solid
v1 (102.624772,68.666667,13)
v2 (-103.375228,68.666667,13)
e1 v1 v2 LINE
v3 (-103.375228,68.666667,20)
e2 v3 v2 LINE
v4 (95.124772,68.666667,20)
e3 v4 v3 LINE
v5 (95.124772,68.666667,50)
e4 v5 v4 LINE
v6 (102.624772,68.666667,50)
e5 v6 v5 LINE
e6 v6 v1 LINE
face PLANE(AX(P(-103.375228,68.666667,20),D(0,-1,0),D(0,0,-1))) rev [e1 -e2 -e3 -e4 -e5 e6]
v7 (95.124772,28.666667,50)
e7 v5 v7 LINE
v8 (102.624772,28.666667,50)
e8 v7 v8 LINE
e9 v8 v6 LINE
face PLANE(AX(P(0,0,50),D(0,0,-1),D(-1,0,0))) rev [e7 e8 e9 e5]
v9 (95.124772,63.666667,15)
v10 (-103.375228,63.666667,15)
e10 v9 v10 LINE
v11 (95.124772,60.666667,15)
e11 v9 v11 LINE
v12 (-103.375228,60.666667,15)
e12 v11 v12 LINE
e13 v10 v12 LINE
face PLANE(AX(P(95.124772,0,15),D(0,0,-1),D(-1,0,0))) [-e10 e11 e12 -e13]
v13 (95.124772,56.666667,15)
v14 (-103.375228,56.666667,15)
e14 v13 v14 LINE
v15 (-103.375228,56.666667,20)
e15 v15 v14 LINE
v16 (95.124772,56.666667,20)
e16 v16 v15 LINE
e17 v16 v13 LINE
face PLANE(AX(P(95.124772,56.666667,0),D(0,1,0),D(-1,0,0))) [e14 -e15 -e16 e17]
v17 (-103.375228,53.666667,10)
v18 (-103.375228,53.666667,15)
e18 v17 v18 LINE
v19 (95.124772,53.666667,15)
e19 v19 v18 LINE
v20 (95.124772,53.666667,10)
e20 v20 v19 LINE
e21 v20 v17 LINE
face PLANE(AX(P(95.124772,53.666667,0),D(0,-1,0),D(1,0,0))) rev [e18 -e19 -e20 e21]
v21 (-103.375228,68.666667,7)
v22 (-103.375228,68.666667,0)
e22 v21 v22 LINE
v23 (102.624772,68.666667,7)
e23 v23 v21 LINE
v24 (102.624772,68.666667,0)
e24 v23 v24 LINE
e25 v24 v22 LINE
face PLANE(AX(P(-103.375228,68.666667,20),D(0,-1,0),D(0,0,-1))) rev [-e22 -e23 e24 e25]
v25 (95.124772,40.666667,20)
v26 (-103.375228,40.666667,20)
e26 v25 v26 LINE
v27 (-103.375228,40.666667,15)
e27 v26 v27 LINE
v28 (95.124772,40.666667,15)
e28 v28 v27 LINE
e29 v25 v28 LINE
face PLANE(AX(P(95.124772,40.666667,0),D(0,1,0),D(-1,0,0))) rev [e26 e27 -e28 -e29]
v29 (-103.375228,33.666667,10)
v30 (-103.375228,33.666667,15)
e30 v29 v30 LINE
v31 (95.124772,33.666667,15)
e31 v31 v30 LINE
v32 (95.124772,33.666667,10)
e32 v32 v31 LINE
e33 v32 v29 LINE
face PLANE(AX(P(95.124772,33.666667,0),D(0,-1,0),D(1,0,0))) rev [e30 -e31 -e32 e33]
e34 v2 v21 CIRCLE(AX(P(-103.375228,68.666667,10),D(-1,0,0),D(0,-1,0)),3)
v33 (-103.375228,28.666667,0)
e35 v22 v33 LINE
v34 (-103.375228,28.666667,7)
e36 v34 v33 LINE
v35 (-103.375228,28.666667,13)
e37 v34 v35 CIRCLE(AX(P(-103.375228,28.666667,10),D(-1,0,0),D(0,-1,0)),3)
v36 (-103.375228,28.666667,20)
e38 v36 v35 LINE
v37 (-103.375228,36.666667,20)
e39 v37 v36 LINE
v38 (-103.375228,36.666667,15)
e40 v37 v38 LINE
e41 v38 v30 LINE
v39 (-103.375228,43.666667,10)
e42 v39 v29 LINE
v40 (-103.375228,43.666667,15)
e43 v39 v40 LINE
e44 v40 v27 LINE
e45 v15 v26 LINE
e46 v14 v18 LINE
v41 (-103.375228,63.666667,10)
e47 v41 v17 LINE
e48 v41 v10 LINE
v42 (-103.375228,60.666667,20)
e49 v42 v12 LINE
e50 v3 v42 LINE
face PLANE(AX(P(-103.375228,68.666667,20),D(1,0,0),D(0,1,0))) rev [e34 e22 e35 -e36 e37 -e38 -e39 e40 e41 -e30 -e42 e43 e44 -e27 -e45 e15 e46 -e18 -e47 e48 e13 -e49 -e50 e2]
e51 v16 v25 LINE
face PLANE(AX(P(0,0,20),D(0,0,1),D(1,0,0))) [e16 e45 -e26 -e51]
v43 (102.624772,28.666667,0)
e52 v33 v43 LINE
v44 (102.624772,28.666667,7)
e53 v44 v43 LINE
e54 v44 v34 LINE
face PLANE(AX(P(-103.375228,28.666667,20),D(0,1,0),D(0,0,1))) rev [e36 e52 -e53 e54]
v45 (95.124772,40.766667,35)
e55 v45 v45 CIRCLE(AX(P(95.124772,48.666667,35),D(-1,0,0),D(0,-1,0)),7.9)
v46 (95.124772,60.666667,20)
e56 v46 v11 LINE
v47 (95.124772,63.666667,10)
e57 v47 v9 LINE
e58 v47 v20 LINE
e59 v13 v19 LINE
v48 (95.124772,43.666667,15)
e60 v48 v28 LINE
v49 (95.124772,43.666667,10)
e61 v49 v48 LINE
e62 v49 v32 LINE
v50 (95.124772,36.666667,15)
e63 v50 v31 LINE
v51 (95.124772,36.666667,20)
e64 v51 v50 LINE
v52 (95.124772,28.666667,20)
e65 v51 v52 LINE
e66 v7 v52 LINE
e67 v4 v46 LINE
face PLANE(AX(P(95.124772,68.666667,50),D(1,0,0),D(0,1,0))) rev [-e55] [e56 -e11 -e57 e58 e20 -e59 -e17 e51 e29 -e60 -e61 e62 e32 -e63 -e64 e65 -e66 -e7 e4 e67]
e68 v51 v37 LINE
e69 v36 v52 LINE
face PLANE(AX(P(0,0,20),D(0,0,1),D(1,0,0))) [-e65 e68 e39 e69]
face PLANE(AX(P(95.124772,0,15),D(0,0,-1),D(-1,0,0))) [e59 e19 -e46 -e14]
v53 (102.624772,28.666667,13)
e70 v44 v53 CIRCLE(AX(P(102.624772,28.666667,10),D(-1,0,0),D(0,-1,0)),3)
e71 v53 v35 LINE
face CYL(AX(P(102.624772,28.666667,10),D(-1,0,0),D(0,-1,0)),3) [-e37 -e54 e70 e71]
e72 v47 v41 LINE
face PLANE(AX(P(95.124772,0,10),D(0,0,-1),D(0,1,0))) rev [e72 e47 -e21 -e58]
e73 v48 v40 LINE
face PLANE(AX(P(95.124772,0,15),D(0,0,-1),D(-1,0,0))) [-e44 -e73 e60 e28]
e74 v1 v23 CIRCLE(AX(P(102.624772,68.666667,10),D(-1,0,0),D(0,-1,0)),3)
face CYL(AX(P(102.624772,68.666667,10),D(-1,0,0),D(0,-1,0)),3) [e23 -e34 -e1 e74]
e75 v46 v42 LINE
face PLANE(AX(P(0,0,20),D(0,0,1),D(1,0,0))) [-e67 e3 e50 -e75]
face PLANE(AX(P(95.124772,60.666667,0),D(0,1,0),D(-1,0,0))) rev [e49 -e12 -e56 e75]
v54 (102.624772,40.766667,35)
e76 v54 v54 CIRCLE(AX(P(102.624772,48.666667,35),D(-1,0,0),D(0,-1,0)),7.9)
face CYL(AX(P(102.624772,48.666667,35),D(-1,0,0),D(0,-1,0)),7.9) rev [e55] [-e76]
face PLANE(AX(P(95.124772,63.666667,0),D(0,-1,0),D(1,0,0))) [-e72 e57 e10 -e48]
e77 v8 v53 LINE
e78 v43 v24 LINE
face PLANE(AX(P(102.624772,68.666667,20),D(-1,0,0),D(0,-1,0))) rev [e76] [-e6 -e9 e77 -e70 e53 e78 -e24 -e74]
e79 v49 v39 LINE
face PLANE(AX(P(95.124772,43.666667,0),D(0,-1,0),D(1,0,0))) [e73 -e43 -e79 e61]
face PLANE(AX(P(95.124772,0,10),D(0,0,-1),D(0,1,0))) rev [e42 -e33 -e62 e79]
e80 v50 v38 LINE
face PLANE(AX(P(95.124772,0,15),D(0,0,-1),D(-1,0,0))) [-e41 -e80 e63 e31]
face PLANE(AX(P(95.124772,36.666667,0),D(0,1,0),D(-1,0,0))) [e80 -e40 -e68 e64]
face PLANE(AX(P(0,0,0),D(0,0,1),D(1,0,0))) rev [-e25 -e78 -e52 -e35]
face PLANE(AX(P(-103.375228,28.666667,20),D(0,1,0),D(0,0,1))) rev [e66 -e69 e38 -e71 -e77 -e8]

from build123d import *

# Parameters (mm, degrees)
SKETCH1_W           = 206
SKETCH1_H           = 40
BOSS_EXTRUDE1_DEPTH = 20
SKETCH2_W           = 7.5
SKETCH2_H           = 40
BOSS_EXTRUDE2_DEPTH = 30
BOSS_EXTRUDE3_DEPTH = 206
CUT_EXTRUDE1_DEPTH  = 198.5
SKETCH7_R           = 7.9
CUT_EXTRUDE2_DEPTH  = 217.883289147


with BuildPart() as part:
    # Sketch1 → Boss-Extrude1 (new body)
    with BuildSketch(Plane.XY):
        with Locations((-0.375227687, 48.666666667)):
            Rectangle(SKETCH1_W, SKETCH1_H)
    extrude(amount=BOSS_EXTRUDE1_DEPTH)

    # Sketch2 → Boss-Extrude2 (add)
    with BuildSketch(Plane.XY.offset(20)):
        with Locations((98.874772313, 48.666666667)):
            Rectangle(SKETCH2_W, SKETCH2_H)
    extrude(amount=BOSS_EXTRUDE2_DEPTH)

    # Sketch4 → Boss-Extrude3 (add)
    with BuildSketch(Plane.ZY.offset(103.375227687)):
        with BuildLine():
            Line((7, 68.666666667), (13, 68.666666667))
            ThreePointArc((13, 68.666666667), (10, 71.666666667), (7, 68.666666667))
        make_face()
        with BuildLine():
            Line((7, 28.666666667), (13, 28.666666667))
            ThreePointArc((13, 28.666666667), (10, 25.666666667), (7, 28.666666667))
        make_face()
    extrude(amount=-BOSS_EXTRUDE3_DEPTH)

    # Sketch6 → Cut-Extrude1 (cut)
    with BuildSketch(Plane.ZY.offset(103.375227687)):
        Polygon((20, 56.666666667), (20, 60.666666667), (15, 60.666666667), (15, 63.666666667), (10, 63.666666667), (10, 53.666666667), (15, 53.666666667), (15, 56.666666667), align=None)
        Polygon((20, 36.666666667), (20, 40.666666667), (15, 40.666666667), (15, 43.666666667), (10, 43.666666667), (10, 33.666666667), (15, 33.666666667), (15, 36.666666667), align=None)
    extrude(amount=-CUT_EXTRUDE1_DEPTH, mode=Mode.SUBTRACT)

    # Sketch7 → Cut-Extrude2 (cut, through all)
    with BuildSketch(Plane.ZY.offset(-95.124772313)):
        with Locations(Location((35, 48.666666667, 0), (0, 0, 270))):
            Circle(SKETCH7_R)
    extrude(amount=-CUT_EXTRUDE2_DEPTH, mode=Mode.SUBTRACT)


solid = part.part
